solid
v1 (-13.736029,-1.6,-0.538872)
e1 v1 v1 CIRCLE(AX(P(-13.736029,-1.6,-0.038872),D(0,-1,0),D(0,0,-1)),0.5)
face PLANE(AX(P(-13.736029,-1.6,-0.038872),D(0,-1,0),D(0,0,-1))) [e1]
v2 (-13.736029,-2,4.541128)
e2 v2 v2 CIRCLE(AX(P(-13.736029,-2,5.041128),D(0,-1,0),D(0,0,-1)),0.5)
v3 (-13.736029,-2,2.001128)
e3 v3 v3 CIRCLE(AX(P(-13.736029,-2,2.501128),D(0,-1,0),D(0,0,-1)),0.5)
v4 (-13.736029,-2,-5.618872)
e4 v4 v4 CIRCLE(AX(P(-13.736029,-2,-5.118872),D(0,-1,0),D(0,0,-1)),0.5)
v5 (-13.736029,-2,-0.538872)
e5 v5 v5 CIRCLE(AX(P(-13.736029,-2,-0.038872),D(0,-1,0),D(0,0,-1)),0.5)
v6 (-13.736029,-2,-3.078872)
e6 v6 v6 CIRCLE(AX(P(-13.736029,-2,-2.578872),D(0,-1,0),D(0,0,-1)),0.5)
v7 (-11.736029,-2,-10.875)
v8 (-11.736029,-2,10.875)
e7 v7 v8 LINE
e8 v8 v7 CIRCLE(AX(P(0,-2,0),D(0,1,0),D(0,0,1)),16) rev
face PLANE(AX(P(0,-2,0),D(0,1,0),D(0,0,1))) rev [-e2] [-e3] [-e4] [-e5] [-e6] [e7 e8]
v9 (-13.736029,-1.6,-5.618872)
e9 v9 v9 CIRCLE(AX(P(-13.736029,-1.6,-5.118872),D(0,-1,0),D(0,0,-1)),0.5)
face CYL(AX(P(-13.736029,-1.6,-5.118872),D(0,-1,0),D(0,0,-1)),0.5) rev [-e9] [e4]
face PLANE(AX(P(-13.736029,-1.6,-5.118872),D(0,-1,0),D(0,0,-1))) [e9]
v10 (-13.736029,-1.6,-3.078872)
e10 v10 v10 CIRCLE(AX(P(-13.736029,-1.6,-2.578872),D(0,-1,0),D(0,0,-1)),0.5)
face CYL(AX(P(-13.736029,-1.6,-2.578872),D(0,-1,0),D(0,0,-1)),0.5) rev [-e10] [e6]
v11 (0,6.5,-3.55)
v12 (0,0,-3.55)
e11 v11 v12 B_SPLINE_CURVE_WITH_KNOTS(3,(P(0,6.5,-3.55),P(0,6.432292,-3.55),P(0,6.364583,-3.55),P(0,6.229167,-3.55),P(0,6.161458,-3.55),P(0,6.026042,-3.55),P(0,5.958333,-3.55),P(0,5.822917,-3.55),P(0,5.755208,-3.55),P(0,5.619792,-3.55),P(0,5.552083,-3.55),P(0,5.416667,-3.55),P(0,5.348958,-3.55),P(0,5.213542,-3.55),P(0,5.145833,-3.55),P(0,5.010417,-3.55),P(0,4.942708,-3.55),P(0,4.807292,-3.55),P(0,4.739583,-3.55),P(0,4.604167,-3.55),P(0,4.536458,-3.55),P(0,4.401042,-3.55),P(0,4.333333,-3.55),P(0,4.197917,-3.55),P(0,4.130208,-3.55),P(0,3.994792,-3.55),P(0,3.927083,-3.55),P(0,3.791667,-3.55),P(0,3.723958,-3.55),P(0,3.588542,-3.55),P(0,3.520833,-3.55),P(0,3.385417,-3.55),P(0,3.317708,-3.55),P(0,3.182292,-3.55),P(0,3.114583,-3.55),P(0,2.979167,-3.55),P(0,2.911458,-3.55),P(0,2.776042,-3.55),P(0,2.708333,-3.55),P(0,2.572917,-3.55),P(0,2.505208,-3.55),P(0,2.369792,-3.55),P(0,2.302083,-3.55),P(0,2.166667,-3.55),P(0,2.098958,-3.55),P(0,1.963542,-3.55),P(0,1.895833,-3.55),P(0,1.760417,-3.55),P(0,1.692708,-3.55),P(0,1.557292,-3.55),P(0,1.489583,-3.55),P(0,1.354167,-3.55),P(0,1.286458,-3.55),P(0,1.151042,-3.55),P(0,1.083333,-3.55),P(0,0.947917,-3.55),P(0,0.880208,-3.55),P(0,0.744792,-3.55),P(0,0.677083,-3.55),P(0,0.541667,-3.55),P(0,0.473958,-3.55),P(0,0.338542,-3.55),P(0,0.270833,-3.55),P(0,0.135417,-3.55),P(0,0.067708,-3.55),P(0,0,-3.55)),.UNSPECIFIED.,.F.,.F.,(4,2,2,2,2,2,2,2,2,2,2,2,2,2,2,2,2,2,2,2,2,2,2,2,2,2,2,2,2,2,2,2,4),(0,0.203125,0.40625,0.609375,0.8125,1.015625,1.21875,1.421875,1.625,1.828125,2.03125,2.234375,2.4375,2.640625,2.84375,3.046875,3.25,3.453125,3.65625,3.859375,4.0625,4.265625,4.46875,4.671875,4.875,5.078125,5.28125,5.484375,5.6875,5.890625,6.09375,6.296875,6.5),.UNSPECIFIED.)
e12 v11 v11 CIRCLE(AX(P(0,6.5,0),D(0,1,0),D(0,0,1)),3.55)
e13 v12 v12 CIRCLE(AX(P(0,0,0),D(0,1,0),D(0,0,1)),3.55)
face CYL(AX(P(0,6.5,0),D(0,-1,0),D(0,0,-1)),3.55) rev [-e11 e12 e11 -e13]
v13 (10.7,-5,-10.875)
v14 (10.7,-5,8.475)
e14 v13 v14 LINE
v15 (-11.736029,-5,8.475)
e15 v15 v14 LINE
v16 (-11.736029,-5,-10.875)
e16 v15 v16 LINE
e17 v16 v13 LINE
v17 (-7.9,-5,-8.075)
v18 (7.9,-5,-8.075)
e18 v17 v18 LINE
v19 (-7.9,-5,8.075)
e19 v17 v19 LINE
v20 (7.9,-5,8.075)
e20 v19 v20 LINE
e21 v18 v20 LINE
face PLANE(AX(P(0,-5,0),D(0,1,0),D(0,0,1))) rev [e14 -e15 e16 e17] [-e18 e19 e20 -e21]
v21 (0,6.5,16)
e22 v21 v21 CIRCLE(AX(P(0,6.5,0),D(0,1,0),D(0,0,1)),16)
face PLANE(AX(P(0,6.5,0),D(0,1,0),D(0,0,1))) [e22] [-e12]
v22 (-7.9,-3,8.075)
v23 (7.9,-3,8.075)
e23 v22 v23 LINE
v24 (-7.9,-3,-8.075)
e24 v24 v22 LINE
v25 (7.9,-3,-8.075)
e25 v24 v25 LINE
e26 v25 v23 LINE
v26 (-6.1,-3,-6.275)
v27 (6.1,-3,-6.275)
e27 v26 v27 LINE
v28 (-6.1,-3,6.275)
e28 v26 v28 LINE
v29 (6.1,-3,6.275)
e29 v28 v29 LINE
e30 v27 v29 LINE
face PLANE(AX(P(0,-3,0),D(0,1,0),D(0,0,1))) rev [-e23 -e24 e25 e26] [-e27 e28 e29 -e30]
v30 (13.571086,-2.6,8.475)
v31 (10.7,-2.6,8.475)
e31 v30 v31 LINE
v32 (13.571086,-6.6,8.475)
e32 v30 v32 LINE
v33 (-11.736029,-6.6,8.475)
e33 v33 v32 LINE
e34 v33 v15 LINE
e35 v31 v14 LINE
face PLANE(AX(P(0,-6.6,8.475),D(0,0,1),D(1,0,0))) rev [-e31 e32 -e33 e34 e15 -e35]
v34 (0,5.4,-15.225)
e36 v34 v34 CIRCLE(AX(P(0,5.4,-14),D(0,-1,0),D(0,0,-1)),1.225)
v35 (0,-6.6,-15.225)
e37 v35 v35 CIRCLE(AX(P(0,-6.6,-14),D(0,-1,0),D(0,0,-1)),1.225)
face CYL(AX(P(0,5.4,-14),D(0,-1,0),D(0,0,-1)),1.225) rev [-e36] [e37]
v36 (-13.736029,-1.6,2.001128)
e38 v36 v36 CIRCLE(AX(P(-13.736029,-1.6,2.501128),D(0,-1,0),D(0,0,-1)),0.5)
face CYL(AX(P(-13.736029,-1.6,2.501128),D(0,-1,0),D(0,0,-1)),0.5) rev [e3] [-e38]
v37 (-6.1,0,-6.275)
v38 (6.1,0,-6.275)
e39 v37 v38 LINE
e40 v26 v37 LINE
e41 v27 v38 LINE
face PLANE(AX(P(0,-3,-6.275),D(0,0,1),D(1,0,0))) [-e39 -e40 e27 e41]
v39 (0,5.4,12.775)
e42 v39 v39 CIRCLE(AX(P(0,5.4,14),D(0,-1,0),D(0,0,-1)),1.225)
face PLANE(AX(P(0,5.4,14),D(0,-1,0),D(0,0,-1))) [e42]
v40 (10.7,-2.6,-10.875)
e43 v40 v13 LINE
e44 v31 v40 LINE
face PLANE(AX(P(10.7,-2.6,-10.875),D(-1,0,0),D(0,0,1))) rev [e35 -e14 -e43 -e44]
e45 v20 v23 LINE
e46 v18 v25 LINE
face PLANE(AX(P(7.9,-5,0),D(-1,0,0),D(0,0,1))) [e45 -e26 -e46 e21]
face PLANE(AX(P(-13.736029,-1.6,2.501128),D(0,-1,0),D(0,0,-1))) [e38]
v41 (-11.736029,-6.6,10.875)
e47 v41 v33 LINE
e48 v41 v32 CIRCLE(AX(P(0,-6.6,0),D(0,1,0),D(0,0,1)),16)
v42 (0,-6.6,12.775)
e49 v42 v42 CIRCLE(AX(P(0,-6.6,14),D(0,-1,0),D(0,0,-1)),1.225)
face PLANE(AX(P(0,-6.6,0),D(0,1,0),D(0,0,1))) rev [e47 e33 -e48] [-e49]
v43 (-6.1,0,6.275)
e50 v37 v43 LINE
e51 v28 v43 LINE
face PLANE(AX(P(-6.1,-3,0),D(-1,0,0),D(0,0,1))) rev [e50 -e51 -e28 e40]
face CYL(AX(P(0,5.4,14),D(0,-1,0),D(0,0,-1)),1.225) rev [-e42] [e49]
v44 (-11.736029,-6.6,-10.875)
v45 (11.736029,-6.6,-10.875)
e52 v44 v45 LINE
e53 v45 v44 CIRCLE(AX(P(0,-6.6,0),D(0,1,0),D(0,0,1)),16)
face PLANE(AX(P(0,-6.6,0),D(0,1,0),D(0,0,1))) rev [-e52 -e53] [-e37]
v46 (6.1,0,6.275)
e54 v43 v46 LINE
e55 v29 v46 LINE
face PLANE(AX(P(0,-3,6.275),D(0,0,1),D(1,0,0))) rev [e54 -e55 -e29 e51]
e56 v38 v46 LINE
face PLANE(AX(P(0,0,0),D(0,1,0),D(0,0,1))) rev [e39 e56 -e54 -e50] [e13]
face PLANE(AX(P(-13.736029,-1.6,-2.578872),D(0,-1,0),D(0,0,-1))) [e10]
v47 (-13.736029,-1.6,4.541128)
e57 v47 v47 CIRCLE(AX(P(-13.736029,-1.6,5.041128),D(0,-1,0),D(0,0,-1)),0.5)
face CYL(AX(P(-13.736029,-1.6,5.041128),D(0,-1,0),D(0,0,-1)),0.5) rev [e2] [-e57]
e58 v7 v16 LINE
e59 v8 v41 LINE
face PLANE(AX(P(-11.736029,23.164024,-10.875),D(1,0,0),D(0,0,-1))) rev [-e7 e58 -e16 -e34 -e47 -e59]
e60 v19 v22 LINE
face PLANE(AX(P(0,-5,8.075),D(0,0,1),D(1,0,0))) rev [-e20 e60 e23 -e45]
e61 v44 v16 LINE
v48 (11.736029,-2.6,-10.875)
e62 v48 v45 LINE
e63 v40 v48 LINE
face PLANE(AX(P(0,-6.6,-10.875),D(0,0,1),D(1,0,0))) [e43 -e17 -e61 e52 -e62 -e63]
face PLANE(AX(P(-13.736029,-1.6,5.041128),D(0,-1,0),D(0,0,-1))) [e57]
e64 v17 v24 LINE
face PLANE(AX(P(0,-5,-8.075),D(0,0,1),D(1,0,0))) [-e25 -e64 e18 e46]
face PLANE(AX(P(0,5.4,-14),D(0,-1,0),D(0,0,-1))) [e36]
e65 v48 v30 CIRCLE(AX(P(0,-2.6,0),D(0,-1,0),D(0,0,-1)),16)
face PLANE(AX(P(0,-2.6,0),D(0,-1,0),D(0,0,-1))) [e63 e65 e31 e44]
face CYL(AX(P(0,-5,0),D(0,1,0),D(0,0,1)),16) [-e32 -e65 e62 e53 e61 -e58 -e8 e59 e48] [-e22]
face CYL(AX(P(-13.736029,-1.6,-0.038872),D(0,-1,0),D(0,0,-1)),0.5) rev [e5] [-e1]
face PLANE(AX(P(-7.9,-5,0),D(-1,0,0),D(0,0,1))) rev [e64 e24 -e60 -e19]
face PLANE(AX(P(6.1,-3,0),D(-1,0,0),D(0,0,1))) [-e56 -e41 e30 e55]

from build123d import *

# Parameters (mm, degrees)
SKETCH1_W           = 15.8
SKETCH1_H           = 16.15
SKETCH1_W_2         = 12.2
SKETCH1_H_2         = 12.55
BOSS_EXTRUDE1_DEPTH = 3
SKETCH1_3_W         = 15.8
SKETCH1_3_H         = 16.15
BOSS_EXTRUDE2_DEPTH = 5
BOSS_EXTRUDE3_DEPTH = 6.6
BOSS_EXTRUDE4_START = 6.5
SKETCH1_5_R         = 16
SKETCH1_5_R_2       = 3.55
BOSS_EXTRUDE4_DEPTH = 6.5
SKETCH2_R           = 1.225
CUT_EXTRUDE1_DEPTH  = 12
CUT_EXTRUDE2_START  = -4.6
CUT_EXTRUDE2_DEPTH  = 4.6
CUT_EXTRUDE3_START  = -4
CUT_EXTRUDE3_DEPTH  = 4
SKETCH5_R           = 0.5
CUT_EXTRUDE4_DEPTH  = 0.4


with BuildPart() as part:
    # Sketch1 → Boss-Extrude1 (new body)
    with BuildSketch(Plane(origin=(0, 0, 0), x_dir=(1, 0, 0), z_dir=(0, 1, 0))):
        Rectangle(SKETCH1_W, SKETCH1_H)
        Rectangle(SKETCH1_W_2, SKETCH1_H_2, mode=Mode.SUBTRACT)
    extrude(amount=-BOSS_EXTRUDE1_DEPTH)

    # Sketch1<3> → Boss-Extrude2 (add)
    with BuildSketch(Plane(origin=(0, 0, 0), x_dir=(1, 0, 0), z_dir=(0, 1, 0))):
        with BuildLine():
            Line((10.7, 10.875), (-11.736028928, 10.875))
            ThreePointArc((-11.736028928, 10.875), (-15.928532305, 1.510582208), (-13.571085992, -8.475))
            Line((-13.571085992, -8.475), (10.7, -8.475))
            Line((10.7, -8.475), (10.7, 10.875))
        make_face()
        Rectangle(SKETCH1_3_W, SKETCH1_3_H, mode=Mode.SUBTRACT)
    extrude(amount=-BOSS_EXTRUDE2_DEPTH)

    # Sketch1<4> → Boss-Extrude3 (add)
    with BuildSketch(Plane(origin=(0, 0, 0), x_dir=(1, 0, 0), z_dir=(0, 1, 0))):
        with BuildLine():
            ThreePointArc((16, 0), (5.840528108, 14.895913246), (-11.736028928, 10.875))
            Line((-11.736028928, 10.875), (10.7, 10.875))
            Line((10.7, 10.875), (10.7, -8.475))
            Line((10.7, -8.475), (-13.571085992, -8.475))
            ThreePointArc((-13.571085992, -8.475), (4.408096195, -15.380789575), (16, 0))
        make_face()
    extrude(amount=-BOSS_EXTRUDE3_DEPTH)

    # Sketch1<5> → Boss-Extrude4 (add)
    with BuildSketch(Plane(origin=(0, 0, 0), x_dir=(1, 0, 0), z_dir=(0, 1, 0)).offset(BOSS_EXTRUDE4_START)):
        with Locations(Location((0, 0, 0), (0, 0, 270))):
            Circle(SKETCH1_5_R)
        with Locations(Location((0, 0, 0), (0, 0, 90))):
            Circle(SKETCH1_5_R_2, mode=Mode.SUBTRACT)
    extrude(amount=-BOSS_EXTRUDE4_DEPTH)

    # Sketch2 → Cut-Extrude1 (cut)
    with BuildSketch(Plane.XZ.offset(6.6)):
        with Locations(Location((0, 14, 0), (0, 0, 270))):
            Circle(SKETCH2_R)
        with Locations(Location((0, -14, 0), (0, 0, 270))):
            Circle(SKETCH2_R)
    extrude(amount=-CUT_EXTRUDE1_DEPTH, mode=Mode.SUBTRACT)

    # Sketch3 → Cut-Extrude2 (cut)
    with BuildSketch(Plane.XZ.offset(6.6).offset(CUT_EXTRUDE2_START)):
        with BuildLine():
            Line((-11.736028928, -10.875), (-11.736028928, 10.875))
            ThreePointArc((-11.736028928, 10.875), (-12.710331089, 9.71840952), (-13.571085992, 8.475))
            ThreePointArc((-13.571085992, 8.475), (-15.928532305, -1.510582208), (-11.736028928, -10.875))
        make_face()
    extrude(amount=CUT_EXTRUDE2_DEPTH, mode=Mode.SUBTRACT)

    # Sketch4 → Cut-Extrude3 (cut)
    with BuildSketch(Plane.XZ.offset(6.6).offset(CUT_EXTRUDE3_START)):
        with BuildLine():
            Line((10.7, 8.475), (13.571085992, 8.475))
            ThreePointArc((13.571085992, 8.475), (15.928532305, -1.510582208), (11.736028928, -10.875))
            Line((11.736028928, -10.875), (10.7, -10.875))
            Line((10.7, -10.875), (10.7, 8.475))
        make_face()
    extrude(amount=CUT_EXTRUDE3_DEPTH, mode=Mode.SUBTRACT)

    # Sketch5 → Cut-Extrude4 (cut)
    with BuildSketch(Plane.XZ.offset(2)):
        with Locations(Location((-13.736028928, 5.041127606, 0), (0, 0, 270))):
            Circle(SKETCH5_R)
        with Locations(Location((-13.736028928, 2.501127606, 0), (0, 0, 270))):
            Circle(SKETCH5_R)
        with Locations(Location((-13.736028928, -0.038872394, 0), (0, 0, 270))):
            Circle(SKETCH5_R)
        with Locations(Location((-13.736028928, -2.578872394, 0), (0, 0, 270))):
            Circle(SKETCH5_R)
        with Locations(Location((-13.736028928, -5.118872394, 0), (0, 0, 270))):
            Circle(SKETCH5_R)
    extrude(amount=-CUT_EXTRUDE4_DEPTH, mode=Mode.SUBTRACT)


solid = part.part
